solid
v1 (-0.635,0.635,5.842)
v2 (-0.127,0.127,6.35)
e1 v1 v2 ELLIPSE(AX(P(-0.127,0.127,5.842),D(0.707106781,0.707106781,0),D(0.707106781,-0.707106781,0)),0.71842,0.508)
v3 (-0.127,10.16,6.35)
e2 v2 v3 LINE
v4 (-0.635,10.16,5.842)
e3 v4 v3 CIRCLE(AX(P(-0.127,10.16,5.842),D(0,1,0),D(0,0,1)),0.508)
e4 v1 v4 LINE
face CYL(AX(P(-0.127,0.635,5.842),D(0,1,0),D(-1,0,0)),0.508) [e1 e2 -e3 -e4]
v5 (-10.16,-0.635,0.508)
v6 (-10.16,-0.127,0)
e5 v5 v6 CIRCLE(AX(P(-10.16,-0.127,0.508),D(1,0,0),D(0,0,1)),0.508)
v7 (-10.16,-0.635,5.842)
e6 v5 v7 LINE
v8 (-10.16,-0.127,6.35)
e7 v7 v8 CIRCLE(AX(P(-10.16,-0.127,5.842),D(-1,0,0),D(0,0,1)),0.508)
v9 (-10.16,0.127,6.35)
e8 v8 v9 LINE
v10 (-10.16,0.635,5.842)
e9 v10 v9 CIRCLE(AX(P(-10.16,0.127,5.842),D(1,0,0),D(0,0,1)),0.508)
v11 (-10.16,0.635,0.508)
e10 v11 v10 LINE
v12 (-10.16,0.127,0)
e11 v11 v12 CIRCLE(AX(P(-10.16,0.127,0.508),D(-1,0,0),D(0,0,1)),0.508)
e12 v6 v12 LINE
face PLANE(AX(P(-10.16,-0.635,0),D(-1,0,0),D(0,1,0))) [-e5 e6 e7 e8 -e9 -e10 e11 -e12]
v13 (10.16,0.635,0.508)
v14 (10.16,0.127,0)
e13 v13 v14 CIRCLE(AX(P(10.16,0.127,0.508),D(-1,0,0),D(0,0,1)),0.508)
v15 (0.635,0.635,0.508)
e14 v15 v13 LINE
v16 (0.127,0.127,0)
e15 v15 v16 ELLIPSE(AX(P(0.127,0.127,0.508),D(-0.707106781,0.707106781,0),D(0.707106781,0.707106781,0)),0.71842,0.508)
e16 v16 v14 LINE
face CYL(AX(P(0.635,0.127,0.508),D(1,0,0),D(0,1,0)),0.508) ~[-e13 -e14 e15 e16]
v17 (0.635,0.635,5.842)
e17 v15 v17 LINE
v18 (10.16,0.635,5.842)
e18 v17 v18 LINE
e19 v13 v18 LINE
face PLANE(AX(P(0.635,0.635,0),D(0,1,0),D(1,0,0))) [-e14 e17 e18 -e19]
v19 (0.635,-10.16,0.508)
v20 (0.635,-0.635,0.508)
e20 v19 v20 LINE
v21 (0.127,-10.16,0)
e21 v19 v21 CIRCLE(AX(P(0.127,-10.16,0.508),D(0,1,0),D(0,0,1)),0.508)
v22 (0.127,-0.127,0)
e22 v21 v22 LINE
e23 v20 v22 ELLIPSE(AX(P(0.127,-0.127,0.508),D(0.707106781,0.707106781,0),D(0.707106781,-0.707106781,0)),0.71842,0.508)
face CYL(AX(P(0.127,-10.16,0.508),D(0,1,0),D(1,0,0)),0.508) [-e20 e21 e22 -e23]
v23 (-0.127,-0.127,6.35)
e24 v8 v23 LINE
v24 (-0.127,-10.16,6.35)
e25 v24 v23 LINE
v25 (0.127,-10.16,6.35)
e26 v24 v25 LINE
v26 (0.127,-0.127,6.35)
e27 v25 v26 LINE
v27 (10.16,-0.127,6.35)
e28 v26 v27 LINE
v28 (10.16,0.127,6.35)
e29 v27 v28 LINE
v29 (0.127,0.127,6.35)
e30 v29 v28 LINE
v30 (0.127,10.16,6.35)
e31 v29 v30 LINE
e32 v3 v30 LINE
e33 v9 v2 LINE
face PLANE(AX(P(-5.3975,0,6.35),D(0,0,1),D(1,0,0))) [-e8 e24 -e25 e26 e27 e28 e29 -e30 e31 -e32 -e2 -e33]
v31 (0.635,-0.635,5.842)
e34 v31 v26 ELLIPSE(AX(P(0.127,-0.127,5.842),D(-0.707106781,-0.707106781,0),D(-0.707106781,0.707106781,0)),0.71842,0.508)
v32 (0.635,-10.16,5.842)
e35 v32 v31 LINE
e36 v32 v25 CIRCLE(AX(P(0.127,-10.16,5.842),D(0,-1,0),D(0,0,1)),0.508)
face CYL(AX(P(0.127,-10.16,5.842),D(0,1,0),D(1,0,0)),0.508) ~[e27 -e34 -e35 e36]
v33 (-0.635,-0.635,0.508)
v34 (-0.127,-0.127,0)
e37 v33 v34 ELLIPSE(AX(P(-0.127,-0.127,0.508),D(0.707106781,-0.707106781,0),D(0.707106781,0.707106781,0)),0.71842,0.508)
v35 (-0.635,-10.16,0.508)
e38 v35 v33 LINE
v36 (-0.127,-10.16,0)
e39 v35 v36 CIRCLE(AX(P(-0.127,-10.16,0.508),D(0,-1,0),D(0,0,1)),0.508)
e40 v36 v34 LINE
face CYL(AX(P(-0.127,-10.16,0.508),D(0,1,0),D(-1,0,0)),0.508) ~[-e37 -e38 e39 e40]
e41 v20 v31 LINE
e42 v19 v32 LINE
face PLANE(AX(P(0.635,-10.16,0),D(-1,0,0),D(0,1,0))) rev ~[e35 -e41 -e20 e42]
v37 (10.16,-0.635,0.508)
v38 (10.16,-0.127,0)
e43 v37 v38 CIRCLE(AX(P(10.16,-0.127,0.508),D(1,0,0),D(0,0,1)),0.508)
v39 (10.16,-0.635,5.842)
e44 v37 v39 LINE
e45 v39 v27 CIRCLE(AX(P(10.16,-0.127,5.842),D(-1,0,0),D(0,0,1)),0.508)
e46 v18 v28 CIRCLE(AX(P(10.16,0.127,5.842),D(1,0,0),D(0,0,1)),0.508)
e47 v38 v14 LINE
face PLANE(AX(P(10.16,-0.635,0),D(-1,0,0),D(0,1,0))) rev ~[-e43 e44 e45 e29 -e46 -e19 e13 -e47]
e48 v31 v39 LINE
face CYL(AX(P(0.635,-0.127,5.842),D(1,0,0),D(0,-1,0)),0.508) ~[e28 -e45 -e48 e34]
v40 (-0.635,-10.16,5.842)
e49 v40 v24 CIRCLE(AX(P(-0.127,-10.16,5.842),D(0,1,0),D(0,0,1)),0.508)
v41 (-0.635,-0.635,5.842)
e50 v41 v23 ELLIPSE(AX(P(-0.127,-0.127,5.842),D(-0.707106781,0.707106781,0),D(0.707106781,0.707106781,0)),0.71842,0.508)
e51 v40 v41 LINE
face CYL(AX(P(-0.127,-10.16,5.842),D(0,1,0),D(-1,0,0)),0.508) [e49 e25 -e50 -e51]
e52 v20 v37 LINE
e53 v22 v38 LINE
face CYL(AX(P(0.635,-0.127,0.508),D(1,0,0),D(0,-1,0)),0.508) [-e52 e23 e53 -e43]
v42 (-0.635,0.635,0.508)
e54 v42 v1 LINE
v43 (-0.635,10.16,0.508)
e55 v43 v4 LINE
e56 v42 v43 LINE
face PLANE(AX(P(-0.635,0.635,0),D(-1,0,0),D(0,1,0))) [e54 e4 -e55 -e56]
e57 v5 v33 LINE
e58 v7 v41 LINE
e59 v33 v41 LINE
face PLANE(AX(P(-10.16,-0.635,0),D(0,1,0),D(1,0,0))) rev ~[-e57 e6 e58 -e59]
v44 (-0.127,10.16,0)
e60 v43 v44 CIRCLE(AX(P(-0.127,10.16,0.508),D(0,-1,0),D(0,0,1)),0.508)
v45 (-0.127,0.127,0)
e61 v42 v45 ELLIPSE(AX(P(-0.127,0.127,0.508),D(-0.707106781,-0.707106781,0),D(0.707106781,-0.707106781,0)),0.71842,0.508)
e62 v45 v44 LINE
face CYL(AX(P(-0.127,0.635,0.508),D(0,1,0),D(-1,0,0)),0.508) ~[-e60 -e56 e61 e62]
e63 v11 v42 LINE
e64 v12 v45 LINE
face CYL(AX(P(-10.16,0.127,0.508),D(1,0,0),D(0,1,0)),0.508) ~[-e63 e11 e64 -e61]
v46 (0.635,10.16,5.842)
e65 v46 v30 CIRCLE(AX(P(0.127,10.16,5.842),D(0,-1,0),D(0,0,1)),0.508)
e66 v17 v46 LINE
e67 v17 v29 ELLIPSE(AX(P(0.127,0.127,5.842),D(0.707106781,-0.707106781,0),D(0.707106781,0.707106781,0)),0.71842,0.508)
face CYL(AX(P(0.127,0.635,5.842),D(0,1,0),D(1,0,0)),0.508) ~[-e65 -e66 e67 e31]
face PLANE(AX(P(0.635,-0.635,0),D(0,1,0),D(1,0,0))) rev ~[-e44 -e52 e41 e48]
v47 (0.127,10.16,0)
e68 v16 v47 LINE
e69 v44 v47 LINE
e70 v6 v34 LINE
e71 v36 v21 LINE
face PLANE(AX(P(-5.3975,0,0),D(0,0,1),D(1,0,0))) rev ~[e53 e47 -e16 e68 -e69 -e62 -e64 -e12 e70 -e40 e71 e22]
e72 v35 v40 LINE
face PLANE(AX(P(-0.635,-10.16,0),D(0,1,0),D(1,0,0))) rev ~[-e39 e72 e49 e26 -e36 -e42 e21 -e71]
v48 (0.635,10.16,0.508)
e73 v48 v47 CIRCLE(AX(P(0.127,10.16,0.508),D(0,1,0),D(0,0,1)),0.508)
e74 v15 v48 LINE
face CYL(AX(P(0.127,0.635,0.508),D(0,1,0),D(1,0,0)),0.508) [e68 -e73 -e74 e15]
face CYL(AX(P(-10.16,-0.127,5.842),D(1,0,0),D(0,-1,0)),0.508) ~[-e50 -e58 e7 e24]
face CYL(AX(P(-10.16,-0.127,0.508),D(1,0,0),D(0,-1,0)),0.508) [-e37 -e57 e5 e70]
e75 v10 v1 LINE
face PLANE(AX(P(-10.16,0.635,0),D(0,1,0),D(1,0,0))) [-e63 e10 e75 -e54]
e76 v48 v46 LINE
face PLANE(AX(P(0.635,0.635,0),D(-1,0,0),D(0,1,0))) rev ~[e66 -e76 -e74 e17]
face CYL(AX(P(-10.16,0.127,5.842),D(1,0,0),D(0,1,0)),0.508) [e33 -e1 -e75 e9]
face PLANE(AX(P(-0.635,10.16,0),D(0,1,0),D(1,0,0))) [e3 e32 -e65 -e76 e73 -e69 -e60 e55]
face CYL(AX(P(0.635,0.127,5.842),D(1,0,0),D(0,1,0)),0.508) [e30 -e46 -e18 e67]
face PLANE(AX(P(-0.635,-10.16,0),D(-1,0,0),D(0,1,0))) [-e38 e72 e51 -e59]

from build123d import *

# Parameters (mm, degrees)
F0_W     = 9.525
F0_H     = 1.27
F0_W_2   = 1.27
F0_H_2   = 9.525
F1_DEPTH = 6.35
F2_R     = 0.508


with BuildPart() as f1:
    # F0 (on Top) → F1 (new body)
    with BuildSketch(Plane.XY):
        with Locations((-5.3975, 0)):
            Rectangle(F0_W, F0_H)
        with Locations((0, 5.3975)):
            Rectangle(F0_W_2, F0_H_2)
        with Locations((5.3975, 0)):
            Rectangle(F0_W, F0_H)
        with Locations((0, -5.3975)):
            Rectangle(F0_W_2, F0_H_2)
        Rectangle(F0_W_2, F0_H)
    extrude(amount=F1_DEPTH)

    # F2
    f2_edges = [f1.edges().sort_by_distance(p)[0] for p in [
        (0.635, -5.3975, 6.35),
        (-0.635, -5.3975, 6.35),
        (-5.3975, -0.635, 6.35),
        (-5.3975, 0.635, 6.35),
        (-0.635, 5.3975, 6.35),
        (0.635, 5.3975, 6.35),
        (5.3975, 0.635, 6.35),
        (5.3975, -0.635, 6.35),
        (-5.3975, 0.635, 0),
        (-5.3975, -0.635, 0),
        (5.3975, -0.635, 0),
        (5.3975, 0.635, 0),
        (0.635, 5.3975, 0),
        (-0.635, 5.3975, 0),
        (-0.635, -5.3975, 0),
        (0.635, -5.3975, 0),
    ]]
    fillet(f2_edges, radius=F2_R)


solid = f1.part
